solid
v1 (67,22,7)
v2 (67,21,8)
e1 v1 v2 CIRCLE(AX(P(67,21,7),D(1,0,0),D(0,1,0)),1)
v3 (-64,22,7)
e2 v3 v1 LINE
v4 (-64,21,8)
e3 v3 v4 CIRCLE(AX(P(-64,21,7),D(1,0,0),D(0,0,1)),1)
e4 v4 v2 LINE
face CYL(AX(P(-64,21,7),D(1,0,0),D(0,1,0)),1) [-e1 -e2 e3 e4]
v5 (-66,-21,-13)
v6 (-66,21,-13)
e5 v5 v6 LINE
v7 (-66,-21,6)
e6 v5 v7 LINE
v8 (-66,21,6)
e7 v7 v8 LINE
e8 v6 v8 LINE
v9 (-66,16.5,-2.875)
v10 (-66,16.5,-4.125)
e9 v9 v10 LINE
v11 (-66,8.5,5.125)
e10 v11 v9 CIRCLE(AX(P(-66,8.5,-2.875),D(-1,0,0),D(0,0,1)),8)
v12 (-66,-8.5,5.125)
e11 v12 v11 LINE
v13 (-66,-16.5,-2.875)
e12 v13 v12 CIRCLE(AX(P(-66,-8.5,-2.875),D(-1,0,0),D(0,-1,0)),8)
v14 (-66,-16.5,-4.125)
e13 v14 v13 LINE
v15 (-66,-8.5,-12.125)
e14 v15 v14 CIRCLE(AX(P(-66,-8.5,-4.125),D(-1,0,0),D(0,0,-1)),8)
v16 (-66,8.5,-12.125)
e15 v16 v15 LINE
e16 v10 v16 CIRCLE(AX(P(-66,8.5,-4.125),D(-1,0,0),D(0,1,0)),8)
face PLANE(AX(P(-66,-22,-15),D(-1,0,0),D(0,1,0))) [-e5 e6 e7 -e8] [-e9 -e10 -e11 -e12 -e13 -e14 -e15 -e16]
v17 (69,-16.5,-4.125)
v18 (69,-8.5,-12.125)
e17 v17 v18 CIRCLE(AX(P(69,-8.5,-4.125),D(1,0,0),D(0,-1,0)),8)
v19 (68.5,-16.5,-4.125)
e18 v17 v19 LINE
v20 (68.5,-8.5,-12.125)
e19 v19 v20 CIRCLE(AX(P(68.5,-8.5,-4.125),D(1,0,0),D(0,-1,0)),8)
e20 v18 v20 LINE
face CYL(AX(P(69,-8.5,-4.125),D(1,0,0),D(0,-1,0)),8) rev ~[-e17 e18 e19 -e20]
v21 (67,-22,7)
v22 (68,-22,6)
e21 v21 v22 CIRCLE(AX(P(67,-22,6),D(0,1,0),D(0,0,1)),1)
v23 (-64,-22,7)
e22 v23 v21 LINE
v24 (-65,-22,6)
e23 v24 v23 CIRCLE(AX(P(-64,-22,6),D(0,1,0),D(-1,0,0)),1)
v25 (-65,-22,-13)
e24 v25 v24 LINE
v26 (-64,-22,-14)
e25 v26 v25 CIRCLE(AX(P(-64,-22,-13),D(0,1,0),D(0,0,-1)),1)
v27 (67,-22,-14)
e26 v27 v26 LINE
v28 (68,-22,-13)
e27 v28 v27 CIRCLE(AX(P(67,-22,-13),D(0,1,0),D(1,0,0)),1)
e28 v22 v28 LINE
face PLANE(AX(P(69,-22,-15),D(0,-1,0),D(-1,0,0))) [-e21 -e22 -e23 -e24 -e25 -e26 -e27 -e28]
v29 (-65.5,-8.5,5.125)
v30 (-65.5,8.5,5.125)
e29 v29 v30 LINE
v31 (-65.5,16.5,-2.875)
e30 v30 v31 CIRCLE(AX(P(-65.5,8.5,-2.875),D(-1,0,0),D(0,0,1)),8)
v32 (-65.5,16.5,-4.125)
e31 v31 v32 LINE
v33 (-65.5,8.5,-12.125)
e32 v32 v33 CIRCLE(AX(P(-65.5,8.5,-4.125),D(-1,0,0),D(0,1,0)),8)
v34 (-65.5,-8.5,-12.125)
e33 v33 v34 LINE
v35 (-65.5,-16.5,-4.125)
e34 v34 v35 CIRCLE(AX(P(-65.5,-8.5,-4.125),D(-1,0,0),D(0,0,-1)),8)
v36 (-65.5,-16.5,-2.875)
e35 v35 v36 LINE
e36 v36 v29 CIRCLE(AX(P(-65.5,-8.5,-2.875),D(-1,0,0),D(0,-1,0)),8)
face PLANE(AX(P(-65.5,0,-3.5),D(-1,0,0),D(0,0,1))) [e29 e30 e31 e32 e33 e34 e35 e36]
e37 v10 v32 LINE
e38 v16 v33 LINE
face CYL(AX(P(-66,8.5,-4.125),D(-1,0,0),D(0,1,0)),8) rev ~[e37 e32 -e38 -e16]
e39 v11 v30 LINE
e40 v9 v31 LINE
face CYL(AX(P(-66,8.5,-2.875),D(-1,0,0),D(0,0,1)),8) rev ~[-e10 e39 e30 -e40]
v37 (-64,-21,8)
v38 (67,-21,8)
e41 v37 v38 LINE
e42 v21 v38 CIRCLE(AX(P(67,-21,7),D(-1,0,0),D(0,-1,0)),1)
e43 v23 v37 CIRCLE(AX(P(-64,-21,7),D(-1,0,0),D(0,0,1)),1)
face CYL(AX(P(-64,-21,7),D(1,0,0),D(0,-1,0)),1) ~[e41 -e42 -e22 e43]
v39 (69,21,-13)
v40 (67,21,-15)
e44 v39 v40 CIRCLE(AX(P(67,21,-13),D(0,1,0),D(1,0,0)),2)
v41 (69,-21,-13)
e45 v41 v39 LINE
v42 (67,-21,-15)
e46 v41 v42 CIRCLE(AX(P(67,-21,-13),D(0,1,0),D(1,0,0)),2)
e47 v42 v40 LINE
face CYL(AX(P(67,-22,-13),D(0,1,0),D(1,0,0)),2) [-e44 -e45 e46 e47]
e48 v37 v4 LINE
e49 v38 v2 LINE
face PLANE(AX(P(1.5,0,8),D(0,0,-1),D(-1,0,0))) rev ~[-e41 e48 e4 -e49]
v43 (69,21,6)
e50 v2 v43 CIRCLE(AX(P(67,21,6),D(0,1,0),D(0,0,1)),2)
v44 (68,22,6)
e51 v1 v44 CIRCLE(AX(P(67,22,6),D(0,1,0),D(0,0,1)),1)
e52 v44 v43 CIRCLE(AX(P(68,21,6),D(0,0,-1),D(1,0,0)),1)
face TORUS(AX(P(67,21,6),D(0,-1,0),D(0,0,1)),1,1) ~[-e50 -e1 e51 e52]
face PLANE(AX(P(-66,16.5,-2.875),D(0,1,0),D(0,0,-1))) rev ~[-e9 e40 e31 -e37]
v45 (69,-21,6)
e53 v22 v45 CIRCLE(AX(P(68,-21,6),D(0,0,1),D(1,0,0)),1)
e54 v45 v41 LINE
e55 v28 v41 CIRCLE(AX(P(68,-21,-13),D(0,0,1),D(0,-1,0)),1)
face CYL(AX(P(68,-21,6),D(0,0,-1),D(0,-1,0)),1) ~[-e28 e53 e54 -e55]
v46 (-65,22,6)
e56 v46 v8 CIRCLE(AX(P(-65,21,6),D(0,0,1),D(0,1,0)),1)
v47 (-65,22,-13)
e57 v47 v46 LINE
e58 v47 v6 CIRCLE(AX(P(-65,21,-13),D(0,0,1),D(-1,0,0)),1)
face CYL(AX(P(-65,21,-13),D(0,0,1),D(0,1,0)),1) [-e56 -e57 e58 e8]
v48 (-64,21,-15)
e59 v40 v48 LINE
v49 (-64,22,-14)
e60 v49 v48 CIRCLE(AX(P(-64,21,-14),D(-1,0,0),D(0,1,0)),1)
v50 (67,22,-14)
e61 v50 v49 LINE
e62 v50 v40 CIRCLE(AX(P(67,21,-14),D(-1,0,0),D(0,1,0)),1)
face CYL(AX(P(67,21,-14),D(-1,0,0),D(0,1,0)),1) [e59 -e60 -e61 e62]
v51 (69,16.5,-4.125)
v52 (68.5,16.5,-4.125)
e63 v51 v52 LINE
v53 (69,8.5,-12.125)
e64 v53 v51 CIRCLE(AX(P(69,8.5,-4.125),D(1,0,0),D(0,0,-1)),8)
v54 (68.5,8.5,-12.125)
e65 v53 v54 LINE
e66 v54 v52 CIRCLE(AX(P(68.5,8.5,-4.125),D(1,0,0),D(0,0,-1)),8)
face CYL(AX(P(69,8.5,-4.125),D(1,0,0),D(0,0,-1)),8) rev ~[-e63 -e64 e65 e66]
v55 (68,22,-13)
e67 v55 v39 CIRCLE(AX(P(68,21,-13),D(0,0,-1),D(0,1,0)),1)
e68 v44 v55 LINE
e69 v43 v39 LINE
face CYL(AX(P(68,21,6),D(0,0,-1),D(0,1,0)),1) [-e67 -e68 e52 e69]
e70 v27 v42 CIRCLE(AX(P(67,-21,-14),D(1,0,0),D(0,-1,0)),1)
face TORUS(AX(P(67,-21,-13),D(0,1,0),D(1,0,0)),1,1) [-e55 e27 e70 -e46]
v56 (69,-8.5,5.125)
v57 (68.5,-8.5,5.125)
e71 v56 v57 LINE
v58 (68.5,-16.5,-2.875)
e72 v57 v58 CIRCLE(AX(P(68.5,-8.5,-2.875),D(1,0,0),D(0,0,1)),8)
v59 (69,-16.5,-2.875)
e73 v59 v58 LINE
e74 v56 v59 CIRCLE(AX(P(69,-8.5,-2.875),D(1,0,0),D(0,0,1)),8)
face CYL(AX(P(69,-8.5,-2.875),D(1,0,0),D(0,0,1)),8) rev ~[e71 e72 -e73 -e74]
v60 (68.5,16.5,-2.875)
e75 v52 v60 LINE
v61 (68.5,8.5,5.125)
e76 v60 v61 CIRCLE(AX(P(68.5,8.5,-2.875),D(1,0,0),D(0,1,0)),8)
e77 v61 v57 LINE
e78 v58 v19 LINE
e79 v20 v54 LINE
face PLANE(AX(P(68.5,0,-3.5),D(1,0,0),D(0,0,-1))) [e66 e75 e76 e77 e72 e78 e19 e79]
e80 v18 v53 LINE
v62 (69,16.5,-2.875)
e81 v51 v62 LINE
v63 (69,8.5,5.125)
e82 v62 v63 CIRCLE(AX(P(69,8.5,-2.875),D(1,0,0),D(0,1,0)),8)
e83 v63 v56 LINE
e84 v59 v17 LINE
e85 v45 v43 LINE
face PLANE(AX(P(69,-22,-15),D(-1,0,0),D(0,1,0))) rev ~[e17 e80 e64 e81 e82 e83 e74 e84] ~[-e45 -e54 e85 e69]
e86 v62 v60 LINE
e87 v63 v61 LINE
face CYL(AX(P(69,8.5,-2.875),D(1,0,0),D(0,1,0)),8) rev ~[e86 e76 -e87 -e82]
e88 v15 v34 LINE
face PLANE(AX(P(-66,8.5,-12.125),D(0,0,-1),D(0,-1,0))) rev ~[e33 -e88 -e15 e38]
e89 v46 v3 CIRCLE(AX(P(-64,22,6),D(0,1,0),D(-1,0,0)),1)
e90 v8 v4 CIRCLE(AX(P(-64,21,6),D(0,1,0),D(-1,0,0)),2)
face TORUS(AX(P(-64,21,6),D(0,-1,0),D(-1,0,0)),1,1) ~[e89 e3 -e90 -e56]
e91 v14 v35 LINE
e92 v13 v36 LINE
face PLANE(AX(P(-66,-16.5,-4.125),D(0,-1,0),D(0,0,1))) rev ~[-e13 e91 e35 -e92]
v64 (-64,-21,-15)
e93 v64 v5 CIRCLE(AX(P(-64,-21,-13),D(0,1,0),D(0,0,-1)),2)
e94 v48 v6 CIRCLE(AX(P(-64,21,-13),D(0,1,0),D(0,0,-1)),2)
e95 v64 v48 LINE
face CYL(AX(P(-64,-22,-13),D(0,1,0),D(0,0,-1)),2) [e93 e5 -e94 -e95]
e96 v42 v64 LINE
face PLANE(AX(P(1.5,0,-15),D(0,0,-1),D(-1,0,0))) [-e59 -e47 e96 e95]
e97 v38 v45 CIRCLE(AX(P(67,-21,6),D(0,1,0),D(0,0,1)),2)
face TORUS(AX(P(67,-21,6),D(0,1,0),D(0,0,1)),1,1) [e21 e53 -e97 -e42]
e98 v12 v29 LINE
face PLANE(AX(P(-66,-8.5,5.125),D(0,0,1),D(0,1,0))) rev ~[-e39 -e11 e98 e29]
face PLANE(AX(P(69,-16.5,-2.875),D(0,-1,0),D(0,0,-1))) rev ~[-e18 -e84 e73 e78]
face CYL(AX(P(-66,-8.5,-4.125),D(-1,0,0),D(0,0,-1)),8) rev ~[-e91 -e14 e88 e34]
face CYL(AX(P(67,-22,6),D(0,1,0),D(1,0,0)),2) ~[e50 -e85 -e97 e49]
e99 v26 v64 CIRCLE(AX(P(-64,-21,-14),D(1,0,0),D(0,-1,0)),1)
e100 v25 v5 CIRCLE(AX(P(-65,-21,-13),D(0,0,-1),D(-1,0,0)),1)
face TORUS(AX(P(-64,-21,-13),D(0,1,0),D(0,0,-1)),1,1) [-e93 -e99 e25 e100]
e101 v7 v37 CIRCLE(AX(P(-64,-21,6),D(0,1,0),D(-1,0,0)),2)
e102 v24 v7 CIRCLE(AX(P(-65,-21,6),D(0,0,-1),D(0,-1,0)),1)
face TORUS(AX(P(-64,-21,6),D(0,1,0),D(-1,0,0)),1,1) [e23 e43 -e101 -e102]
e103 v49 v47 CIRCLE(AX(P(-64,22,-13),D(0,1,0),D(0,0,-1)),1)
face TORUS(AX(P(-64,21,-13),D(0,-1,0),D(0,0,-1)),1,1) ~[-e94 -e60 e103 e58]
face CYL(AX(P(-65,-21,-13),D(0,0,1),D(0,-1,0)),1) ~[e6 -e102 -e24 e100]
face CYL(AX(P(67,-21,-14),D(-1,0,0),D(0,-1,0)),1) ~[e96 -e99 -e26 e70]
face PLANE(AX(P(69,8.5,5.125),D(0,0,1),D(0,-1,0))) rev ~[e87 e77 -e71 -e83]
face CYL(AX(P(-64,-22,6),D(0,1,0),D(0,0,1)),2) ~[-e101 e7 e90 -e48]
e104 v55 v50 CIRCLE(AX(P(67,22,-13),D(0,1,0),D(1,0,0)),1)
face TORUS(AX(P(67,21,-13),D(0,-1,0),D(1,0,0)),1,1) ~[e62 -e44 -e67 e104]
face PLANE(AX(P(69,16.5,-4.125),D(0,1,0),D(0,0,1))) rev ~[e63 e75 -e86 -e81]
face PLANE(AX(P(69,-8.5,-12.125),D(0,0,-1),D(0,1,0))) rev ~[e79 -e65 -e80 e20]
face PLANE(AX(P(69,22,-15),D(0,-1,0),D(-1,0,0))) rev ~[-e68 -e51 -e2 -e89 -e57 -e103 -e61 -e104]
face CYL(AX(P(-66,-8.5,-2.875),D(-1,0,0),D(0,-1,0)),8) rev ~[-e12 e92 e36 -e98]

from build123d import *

# Parameters (mm, degrees)
SKETCH1_W           = 135
SKETCH1_H           = 44
BOSS_EXTRUDE1_DEPTH = 23
CUT_EXTRUDE1_DEPTH  = 0.5
CUT_EXTRUDE2_DEPTH  = 0.5
FILLET1_R           = 2
FILLET2_R           = 1


with BuildPart() as part:
    # Sketch1 → Boss-Extrude1 (new body)
    with BuildSketch(Plane(origin=(0, 0, -15), x_dir=(-1, 0, 0), z_dir=(0, 0, -1))):
        with Locations((-1.5, 0)):
            Rectangle(SKETCH1_W, SKETCH1_H)
    extrude(amount=-BOSS_EXTRUDE1_DEPTH)

    # Sketch2 → Cut-Extrude1 (cut)
    with BuildSketch(Plane(origin=(69, 0, 0), x_dir=(0, 0, -1), z_dir=(1, 0, 0))):
        with BuildLine():
            Line((-5.125, 8.5), (-5.125, -8.5))
            ThreePointArc((-5.125, -8.5), (-2.781854249, -14.156854249), (2.875, -16.5))
            Line((2.875, -16.5), (4.125, -16.5))
            ThreePointArc((4.125, -16.5), (9.781854249, -14.156854249), (12.125, -8.5))
            Line((12.125, -8.5), (12.125, 8.5))
            ThreePointArc((12.125, 8.5), (9.781854249, 14.156854249), (4.125, 16.5))
            Line((4.125, 16.5), (2.875, 16.5))
            ThreePointArc((2.875, 16.5), (-2.781854249, 14.156854249), (-5.125, 8.5))
        make_face()
    extrude(amount=-CUT_EXTRUDE1_DEPTH, mode=Mode.SUBTRACT)

    # Sketch3 → Cut-Extrude2 (cut)
    with BuildSketch(Plane.ZY.offset(66)):
        with BuildLine():
            Line((-2.875, 16.5), (-4.125, 16.5))
            ThreePointArc((-4.125, 16.5), (-9.781854249, 14.156854249), (-12.125, 8.5))
            Line((-12.125, 8.5), (-12.125, -8.5))
            ThreePointArc((-12.125, -8.5), (-9.781854249, -14.156854249), (-4.125, -16.5))
            Line((-4.125, -16.5), (-2.875, -16.5))
            ThreePointArc((-2.875, -16.5), (2.781854249, -14.156854249), (5.125, -8.5))
            Line((5.125, -8.5), (5.125, 8.5))
            ThreePointArc((5.125, 8.5), (2.781854249, 14.156854249), (-2.875, 16.5))
        make_face()
    extrude(amount=-CUT_EXTRUDE2_DEPTH, mode=Mode.SUBTRACT)

    # Fillet1
    fillet1_edges = [part.edges().sort_by_distance(p)[0] for p in [
        (-66, 0, 8),
        (69, 0, 8),
        (-66, 0, -15),
        (69, 0, -15),
    ]]
    fillet(fillet1_edges, radius=FILLET1_R)

    # Fillet2
    fillet2_edges = [part.edges().sort_by_distance(p)[0] for p in [
        (1.5, -22, -15),
        (1.5, 22, -15),
        (-66, 22, -3.5),
        (1.5, 22, 8),
        (69, 22, -3.5),
        (68.414213562, 22, 7.414213562),
        (68.414213562, 22, -14.414213562),
        (-65.414213562, 22, 7.414213562),
        (-65.414213562, 22, -14.414213562),
        (-66, -22, -3.5),
        (69, -22, -3.5),
        (1.5, -22, 8),
        (68.414213562, -22, 7.414213562),
        (68.414213562, -22, -14.414213562),
        (-65.414213562, -22, 7.414213562),
        (-65.414213562, -22, -14.414213562),
    ]]
    fillet(fillet2_edges, radius=FILLET2_R)


solid = part.part
